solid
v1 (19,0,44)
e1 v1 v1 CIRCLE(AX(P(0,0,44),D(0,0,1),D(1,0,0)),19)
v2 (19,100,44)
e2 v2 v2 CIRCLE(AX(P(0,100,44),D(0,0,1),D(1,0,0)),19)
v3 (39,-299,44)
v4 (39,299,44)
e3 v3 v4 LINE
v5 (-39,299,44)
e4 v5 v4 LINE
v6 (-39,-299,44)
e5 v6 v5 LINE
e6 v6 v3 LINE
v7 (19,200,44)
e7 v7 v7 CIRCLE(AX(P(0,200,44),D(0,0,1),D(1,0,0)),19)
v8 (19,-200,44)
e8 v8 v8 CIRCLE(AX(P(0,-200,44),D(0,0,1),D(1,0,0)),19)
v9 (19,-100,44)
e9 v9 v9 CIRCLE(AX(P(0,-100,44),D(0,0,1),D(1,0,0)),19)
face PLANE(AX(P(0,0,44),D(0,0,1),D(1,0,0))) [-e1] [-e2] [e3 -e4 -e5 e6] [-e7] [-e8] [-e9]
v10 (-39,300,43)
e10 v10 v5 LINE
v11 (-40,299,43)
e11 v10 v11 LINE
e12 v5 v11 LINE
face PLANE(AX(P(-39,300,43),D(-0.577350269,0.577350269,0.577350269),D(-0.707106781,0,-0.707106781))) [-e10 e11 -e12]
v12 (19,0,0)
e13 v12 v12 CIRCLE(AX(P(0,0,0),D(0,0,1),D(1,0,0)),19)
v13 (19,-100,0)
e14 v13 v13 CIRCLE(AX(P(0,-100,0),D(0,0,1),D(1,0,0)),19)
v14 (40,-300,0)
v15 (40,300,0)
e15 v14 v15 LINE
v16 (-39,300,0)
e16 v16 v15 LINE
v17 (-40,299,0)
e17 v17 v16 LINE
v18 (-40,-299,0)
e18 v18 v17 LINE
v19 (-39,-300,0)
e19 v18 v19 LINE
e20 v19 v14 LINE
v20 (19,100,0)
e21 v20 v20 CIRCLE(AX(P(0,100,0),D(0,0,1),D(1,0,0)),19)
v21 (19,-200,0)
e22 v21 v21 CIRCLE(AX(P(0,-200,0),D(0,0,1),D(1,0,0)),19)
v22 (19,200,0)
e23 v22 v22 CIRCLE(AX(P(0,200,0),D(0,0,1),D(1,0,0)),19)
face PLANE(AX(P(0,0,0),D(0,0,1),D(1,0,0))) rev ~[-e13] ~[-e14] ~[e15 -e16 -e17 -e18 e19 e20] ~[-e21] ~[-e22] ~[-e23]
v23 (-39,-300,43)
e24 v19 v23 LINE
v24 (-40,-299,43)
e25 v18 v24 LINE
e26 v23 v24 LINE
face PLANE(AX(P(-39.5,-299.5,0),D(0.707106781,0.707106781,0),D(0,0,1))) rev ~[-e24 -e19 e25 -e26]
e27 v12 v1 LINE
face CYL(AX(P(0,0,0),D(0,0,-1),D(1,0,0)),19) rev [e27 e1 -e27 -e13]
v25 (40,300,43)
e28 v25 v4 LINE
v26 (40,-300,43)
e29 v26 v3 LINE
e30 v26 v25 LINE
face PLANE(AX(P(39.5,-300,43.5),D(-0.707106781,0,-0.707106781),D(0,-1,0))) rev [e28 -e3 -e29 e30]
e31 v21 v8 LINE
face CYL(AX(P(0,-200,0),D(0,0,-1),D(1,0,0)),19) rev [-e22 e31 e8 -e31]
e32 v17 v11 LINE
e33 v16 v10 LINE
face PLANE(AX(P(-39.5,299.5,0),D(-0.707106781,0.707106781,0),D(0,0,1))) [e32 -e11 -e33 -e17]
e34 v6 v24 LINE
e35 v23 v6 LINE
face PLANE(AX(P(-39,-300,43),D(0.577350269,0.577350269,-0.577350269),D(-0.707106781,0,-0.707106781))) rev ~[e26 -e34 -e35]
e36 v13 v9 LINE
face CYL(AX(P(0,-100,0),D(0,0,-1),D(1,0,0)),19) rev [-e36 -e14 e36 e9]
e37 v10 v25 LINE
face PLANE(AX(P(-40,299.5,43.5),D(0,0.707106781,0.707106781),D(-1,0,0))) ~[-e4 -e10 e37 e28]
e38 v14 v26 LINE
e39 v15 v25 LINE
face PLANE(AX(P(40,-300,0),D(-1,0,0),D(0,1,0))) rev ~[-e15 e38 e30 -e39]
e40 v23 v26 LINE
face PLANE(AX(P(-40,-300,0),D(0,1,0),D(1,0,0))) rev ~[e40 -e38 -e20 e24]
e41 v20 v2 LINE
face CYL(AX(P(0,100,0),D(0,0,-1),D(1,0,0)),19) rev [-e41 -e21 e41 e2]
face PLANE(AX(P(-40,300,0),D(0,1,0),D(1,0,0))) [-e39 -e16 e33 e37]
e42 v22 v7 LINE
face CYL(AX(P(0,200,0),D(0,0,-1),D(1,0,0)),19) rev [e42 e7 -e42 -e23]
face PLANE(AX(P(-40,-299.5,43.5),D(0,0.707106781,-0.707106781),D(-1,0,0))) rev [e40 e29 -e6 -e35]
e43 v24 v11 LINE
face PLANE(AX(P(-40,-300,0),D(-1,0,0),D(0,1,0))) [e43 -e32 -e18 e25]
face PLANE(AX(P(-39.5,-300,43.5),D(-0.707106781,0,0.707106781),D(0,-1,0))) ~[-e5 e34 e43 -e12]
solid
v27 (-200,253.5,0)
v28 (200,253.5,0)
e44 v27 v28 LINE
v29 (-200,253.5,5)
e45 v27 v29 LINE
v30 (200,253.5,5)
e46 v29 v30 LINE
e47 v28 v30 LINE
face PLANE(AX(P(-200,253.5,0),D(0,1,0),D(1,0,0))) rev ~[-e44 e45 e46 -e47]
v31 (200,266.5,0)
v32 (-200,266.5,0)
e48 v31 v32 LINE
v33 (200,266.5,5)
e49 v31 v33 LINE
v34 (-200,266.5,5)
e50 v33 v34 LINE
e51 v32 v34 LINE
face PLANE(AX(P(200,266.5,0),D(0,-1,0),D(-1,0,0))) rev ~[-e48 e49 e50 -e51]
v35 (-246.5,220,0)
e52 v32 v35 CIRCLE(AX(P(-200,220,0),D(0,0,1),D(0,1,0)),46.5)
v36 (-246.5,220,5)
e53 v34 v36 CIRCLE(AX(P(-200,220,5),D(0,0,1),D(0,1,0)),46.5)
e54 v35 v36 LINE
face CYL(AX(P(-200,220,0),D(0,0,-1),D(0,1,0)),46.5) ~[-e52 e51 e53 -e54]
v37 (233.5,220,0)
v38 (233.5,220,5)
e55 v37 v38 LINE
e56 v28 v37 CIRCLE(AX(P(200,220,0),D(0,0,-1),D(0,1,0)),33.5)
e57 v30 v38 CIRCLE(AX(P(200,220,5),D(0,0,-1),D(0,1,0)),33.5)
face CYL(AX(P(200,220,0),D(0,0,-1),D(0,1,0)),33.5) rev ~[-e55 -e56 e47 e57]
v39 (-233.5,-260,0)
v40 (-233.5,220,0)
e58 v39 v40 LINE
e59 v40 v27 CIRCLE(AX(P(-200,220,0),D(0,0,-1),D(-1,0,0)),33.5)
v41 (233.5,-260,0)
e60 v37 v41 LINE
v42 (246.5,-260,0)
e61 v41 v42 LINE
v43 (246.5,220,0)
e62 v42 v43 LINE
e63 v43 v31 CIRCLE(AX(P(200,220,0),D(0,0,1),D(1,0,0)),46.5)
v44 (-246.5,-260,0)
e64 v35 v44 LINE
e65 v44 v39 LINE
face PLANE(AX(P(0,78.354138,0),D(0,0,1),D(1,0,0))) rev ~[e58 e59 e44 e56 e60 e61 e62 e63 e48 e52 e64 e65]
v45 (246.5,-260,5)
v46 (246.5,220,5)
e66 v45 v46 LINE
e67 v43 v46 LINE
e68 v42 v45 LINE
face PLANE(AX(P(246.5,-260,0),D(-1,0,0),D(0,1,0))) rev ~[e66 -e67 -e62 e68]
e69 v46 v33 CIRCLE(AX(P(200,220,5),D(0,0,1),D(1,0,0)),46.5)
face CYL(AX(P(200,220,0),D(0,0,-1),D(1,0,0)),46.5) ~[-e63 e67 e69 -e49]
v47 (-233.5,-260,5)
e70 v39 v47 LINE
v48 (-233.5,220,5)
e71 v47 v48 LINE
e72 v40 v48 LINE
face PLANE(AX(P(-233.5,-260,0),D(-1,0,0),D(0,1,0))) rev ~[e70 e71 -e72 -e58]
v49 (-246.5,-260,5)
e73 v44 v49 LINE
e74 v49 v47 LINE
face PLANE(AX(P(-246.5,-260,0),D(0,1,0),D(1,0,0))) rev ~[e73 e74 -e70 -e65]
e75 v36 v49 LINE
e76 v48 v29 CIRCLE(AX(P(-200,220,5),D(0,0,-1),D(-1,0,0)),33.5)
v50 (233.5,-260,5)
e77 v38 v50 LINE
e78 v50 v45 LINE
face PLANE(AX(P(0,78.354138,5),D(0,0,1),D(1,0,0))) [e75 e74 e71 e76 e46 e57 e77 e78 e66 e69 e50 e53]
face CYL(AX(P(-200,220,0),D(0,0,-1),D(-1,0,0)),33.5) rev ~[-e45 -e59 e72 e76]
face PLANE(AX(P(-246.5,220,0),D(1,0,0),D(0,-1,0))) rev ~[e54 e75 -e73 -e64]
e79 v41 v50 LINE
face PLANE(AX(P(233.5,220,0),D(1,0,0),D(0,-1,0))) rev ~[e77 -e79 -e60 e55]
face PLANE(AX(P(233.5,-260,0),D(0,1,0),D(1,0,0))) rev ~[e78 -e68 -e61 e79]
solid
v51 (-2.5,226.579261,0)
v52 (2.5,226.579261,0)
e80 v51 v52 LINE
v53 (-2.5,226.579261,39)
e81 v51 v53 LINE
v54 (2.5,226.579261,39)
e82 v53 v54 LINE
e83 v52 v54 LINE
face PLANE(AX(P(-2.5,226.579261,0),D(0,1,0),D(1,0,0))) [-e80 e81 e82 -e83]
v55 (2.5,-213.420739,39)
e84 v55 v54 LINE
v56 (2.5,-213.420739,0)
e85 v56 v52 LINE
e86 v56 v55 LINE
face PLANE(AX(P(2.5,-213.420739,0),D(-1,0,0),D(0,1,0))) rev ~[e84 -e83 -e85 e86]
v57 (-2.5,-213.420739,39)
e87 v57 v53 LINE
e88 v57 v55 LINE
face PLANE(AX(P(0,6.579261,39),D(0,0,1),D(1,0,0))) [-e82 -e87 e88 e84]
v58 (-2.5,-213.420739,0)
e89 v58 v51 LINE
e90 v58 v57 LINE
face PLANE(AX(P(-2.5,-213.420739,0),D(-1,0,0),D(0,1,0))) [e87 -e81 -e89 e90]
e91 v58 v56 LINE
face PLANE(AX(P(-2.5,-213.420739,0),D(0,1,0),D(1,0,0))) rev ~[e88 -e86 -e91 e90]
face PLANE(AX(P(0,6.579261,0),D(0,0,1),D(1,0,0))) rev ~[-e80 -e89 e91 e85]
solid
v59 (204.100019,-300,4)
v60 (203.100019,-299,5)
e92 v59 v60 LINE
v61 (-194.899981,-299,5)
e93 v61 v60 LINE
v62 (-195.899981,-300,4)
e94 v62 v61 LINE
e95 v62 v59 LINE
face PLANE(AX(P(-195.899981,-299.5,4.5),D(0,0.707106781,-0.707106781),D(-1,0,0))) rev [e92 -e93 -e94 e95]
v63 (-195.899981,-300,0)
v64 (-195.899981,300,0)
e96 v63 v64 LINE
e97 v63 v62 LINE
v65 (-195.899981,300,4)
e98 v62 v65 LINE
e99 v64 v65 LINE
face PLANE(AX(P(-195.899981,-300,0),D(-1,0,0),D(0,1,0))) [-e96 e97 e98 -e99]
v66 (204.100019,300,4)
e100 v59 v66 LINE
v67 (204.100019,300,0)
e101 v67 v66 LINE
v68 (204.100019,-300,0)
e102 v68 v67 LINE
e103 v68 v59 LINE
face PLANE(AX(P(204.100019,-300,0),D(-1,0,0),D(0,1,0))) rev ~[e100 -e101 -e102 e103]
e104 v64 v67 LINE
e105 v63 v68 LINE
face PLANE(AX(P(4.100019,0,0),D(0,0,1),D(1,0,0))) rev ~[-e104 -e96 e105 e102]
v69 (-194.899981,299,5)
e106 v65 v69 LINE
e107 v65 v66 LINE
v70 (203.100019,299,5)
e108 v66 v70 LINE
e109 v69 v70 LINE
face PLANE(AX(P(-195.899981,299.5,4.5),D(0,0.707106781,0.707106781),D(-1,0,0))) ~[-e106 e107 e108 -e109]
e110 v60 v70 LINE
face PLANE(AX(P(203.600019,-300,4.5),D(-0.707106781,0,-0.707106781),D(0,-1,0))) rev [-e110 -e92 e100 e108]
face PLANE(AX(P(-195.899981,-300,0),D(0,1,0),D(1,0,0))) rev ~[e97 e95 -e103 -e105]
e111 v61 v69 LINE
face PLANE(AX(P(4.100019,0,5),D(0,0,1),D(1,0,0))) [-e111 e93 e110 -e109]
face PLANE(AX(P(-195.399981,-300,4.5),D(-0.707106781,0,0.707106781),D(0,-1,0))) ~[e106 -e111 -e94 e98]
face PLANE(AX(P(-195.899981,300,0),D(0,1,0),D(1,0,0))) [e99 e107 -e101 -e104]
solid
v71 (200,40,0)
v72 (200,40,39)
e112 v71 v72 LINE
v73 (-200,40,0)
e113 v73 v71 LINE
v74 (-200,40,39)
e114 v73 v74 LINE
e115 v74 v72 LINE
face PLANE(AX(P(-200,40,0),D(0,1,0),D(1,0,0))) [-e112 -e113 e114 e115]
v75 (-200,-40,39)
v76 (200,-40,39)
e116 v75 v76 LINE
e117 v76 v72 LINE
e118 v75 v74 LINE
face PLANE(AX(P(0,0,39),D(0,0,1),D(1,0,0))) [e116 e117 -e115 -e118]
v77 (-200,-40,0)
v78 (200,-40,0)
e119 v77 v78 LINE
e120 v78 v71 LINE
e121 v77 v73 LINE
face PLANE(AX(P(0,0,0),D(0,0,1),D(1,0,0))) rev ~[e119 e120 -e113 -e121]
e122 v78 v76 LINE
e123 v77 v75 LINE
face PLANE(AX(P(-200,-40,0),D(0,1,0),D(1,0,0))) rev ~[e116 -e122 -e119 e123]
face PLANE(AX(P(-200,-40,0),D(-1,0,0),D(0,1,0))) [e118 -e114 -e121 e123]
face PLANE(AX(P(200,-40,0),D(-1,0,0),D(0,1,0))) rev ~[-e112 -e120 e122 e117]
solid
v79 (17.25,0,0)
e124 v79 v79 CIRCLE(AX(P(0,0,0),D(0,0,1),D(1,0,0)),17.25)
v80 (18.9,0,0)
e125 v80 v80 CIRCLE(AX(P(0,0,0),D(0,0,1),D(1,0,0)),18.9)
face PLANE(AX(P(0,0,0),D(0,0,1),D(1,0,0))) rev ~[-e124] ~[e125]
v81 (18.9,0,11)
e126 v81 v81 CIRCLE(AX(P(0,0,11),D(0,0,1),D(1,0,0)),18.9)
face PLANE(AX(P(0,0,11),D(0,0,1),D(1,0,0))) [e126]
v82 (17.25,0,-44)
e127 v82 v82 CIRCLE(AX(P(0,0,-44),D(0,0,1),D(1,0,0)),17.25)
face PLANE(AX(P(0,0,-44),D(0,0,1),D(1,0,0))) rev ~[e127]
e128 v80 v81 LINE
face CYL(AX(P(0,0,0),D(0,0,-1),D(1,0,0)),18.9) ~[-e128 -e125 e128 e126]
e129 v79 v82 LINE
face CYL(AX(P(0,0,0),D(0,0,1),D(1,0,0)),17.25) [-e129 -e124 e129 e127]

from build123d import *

# Parameters (mm, degrees)
F0_W      = 80
F0_H      = 600
F0_R      = 19
F1_DEPTH  = 44
F2_W      = 400
F2_H      = 80
F3_DEPTH  = 39
F4_W      = 400
F4_H      = 600
F5_DEPTH  = 5
F6_W      = 5
F6_H      = 440
F7_DEPTH  = 39
F8_R      = 17.25
F9_DEPTH  = 44
F8_R_2    = 18.9
F10_DEPTH = 11
F12_DEPTH = 5
F13_SIZE  = 1
F14_SIZE  = 1


with BuildPart() as f1:
    # F0 (on Top) → F1 (new body)
    with BuildSketch(Plane.XY):
        Rectangle(F0_W, F0_H)
        with Locations((0, -200)):
            Circle(F0_R, mode=Mode.SUBTRACT)
        with Locations((0, -100)):
            Circle(F0_R, mode=Mode.SUBTRACT)
        Circle(F0_R, mode=Mode.SUBTRACT)
        with Locations((0, 100)):
            Circle(F0_R, mode=Mode.SUBTRACT)
        with Locations((0, 200)):
            Circle(F0_R, mode=Mode.SUBTRACT)
    extrude(amount=F1_DEPTH)

    # F13
    f13_edges = [f1.edges().sort_by_distance(p)[0] for p in [
        (40, 0, 44),
        (-40, 0, 44),
        (0, -300, 44),
        (0, 300, 44),
        (-40, -300, 22),
        (-40, 300, 22),
    ]]
    chamfer(f13_edges, length=F13_SIZE)


with BuildPart() as f3:
    # F2 (on Top) → F3 (new body)
    with BuildSketch(Plane.XY):
        Rectangle(F2_W, F2_H)
    extrude(amount=F3_DEPTH)


with BuildPart() as f5:
    # F4 (on Top) → F5 (new body)
    with BuildSketch(Plane.XY):
        with Locations((4.1000186466, 0)):
            Rectangle(F4_W, F4_H)
    extrude(amount=F5_DEPTH)

    # F14
    f14_edges = [f5.edges().sort_by_distance(p)[0] for p in [
        (-195.899981, 0, 5),
        (4.100019, -300, 5),
        (204.100019, 0, 5),
        (4.100019, 300, 5),
    ]]
    chamfer(f14_edges, length=F14_SIZE)


with BuildPart() as f7:
    # F6 (on Top) → F7 (new body)
    with BuildSketch(Plane.XY):
        with Locations((0, 6.5792605616)):
            Rectangle(F6_W, F6_H)
    extrude(amount=F7_DEPTH)


with BuildPart() as f9:
    # F8 (on Top) → F9 (new body)
    with BuildSketch(Plane.XY):
        Circle(F8_R)
    extrude(amount=-F9_DEPTH)

    # F8 (on Top) → F10 (join)
    with BuildSketch(Plane.XY):
        Circle(F8_R_2)
        Circle(F8_R, mode=Mode.SUBTRACT)
        Circle(F8_R)
    extrude(amount=F10_DEPTH)


with BuildPart() as f12:
    # F11 (on Top) → F12 (new body)
    with BuildSketch(Plane.XY):
        with BuildLine():
            Line((-200, 260), (200, 260))
            ThreePointArc((200, 260), (228.2842712475, 248.2842712475), (240, 220))
            Line((240, 220), (240, -260))
            Line((240, -260), (246.5, -260))
            Line((246.5, -260), (246.5, 220))
            ThreePointArc((246.5, 220), (232.8804653252, 252.8804653252), (200, 266.5))
            Line((200, 266.5), (-200, 266.5))
            ThreePointArc((-200, 266.5), (-232.8804653252, 252.8804653252), (-246.5, 220))
            Line((-246.5, 220), (-246.5, -260))
            Line((-246.5, -260), (-240, -260))
            Line((-240, -260), (-240, 220))
            ThreePointArc((-240, 220), (-228.2842712475, 248.2842712475), (-200, 260))
        make_face()
        with BuildLine():
            ThreePointArc((240, 220), (228.2842712475, 248.2842712475), (200, 260))
            Line((200, 260), (-200, 260))
            ThreePointArc((-200, 260), (-228.2842712475, 248.2842712475), (-240, 220))
            Line((-240, 220), (-240, -260))
            Line((-240, -260), (-233.5, -260))
            Line((-233.5, -260), (-233.5, 220))
            ThreePointArc((-233.5, 220), (-223.6880771697, 243.6880771697), (-200, 253.5))
            Line((-200, 253.5), (200, 253.5))
            ThreePointArc((200, 253.5), (223.6880771697, 243.6880771697), (233.5, 220))
            Line((233.5, 220), (233.5, -260))
            Line((233.5, -260), (240, -260))
            Line((240, -260), (240, 220))
        make_face()
    extrude(amount=F12_DEPTH)


solid = Compound([f1.part, f3.part, f5.part, f7.part, f9.part, f12.part])
